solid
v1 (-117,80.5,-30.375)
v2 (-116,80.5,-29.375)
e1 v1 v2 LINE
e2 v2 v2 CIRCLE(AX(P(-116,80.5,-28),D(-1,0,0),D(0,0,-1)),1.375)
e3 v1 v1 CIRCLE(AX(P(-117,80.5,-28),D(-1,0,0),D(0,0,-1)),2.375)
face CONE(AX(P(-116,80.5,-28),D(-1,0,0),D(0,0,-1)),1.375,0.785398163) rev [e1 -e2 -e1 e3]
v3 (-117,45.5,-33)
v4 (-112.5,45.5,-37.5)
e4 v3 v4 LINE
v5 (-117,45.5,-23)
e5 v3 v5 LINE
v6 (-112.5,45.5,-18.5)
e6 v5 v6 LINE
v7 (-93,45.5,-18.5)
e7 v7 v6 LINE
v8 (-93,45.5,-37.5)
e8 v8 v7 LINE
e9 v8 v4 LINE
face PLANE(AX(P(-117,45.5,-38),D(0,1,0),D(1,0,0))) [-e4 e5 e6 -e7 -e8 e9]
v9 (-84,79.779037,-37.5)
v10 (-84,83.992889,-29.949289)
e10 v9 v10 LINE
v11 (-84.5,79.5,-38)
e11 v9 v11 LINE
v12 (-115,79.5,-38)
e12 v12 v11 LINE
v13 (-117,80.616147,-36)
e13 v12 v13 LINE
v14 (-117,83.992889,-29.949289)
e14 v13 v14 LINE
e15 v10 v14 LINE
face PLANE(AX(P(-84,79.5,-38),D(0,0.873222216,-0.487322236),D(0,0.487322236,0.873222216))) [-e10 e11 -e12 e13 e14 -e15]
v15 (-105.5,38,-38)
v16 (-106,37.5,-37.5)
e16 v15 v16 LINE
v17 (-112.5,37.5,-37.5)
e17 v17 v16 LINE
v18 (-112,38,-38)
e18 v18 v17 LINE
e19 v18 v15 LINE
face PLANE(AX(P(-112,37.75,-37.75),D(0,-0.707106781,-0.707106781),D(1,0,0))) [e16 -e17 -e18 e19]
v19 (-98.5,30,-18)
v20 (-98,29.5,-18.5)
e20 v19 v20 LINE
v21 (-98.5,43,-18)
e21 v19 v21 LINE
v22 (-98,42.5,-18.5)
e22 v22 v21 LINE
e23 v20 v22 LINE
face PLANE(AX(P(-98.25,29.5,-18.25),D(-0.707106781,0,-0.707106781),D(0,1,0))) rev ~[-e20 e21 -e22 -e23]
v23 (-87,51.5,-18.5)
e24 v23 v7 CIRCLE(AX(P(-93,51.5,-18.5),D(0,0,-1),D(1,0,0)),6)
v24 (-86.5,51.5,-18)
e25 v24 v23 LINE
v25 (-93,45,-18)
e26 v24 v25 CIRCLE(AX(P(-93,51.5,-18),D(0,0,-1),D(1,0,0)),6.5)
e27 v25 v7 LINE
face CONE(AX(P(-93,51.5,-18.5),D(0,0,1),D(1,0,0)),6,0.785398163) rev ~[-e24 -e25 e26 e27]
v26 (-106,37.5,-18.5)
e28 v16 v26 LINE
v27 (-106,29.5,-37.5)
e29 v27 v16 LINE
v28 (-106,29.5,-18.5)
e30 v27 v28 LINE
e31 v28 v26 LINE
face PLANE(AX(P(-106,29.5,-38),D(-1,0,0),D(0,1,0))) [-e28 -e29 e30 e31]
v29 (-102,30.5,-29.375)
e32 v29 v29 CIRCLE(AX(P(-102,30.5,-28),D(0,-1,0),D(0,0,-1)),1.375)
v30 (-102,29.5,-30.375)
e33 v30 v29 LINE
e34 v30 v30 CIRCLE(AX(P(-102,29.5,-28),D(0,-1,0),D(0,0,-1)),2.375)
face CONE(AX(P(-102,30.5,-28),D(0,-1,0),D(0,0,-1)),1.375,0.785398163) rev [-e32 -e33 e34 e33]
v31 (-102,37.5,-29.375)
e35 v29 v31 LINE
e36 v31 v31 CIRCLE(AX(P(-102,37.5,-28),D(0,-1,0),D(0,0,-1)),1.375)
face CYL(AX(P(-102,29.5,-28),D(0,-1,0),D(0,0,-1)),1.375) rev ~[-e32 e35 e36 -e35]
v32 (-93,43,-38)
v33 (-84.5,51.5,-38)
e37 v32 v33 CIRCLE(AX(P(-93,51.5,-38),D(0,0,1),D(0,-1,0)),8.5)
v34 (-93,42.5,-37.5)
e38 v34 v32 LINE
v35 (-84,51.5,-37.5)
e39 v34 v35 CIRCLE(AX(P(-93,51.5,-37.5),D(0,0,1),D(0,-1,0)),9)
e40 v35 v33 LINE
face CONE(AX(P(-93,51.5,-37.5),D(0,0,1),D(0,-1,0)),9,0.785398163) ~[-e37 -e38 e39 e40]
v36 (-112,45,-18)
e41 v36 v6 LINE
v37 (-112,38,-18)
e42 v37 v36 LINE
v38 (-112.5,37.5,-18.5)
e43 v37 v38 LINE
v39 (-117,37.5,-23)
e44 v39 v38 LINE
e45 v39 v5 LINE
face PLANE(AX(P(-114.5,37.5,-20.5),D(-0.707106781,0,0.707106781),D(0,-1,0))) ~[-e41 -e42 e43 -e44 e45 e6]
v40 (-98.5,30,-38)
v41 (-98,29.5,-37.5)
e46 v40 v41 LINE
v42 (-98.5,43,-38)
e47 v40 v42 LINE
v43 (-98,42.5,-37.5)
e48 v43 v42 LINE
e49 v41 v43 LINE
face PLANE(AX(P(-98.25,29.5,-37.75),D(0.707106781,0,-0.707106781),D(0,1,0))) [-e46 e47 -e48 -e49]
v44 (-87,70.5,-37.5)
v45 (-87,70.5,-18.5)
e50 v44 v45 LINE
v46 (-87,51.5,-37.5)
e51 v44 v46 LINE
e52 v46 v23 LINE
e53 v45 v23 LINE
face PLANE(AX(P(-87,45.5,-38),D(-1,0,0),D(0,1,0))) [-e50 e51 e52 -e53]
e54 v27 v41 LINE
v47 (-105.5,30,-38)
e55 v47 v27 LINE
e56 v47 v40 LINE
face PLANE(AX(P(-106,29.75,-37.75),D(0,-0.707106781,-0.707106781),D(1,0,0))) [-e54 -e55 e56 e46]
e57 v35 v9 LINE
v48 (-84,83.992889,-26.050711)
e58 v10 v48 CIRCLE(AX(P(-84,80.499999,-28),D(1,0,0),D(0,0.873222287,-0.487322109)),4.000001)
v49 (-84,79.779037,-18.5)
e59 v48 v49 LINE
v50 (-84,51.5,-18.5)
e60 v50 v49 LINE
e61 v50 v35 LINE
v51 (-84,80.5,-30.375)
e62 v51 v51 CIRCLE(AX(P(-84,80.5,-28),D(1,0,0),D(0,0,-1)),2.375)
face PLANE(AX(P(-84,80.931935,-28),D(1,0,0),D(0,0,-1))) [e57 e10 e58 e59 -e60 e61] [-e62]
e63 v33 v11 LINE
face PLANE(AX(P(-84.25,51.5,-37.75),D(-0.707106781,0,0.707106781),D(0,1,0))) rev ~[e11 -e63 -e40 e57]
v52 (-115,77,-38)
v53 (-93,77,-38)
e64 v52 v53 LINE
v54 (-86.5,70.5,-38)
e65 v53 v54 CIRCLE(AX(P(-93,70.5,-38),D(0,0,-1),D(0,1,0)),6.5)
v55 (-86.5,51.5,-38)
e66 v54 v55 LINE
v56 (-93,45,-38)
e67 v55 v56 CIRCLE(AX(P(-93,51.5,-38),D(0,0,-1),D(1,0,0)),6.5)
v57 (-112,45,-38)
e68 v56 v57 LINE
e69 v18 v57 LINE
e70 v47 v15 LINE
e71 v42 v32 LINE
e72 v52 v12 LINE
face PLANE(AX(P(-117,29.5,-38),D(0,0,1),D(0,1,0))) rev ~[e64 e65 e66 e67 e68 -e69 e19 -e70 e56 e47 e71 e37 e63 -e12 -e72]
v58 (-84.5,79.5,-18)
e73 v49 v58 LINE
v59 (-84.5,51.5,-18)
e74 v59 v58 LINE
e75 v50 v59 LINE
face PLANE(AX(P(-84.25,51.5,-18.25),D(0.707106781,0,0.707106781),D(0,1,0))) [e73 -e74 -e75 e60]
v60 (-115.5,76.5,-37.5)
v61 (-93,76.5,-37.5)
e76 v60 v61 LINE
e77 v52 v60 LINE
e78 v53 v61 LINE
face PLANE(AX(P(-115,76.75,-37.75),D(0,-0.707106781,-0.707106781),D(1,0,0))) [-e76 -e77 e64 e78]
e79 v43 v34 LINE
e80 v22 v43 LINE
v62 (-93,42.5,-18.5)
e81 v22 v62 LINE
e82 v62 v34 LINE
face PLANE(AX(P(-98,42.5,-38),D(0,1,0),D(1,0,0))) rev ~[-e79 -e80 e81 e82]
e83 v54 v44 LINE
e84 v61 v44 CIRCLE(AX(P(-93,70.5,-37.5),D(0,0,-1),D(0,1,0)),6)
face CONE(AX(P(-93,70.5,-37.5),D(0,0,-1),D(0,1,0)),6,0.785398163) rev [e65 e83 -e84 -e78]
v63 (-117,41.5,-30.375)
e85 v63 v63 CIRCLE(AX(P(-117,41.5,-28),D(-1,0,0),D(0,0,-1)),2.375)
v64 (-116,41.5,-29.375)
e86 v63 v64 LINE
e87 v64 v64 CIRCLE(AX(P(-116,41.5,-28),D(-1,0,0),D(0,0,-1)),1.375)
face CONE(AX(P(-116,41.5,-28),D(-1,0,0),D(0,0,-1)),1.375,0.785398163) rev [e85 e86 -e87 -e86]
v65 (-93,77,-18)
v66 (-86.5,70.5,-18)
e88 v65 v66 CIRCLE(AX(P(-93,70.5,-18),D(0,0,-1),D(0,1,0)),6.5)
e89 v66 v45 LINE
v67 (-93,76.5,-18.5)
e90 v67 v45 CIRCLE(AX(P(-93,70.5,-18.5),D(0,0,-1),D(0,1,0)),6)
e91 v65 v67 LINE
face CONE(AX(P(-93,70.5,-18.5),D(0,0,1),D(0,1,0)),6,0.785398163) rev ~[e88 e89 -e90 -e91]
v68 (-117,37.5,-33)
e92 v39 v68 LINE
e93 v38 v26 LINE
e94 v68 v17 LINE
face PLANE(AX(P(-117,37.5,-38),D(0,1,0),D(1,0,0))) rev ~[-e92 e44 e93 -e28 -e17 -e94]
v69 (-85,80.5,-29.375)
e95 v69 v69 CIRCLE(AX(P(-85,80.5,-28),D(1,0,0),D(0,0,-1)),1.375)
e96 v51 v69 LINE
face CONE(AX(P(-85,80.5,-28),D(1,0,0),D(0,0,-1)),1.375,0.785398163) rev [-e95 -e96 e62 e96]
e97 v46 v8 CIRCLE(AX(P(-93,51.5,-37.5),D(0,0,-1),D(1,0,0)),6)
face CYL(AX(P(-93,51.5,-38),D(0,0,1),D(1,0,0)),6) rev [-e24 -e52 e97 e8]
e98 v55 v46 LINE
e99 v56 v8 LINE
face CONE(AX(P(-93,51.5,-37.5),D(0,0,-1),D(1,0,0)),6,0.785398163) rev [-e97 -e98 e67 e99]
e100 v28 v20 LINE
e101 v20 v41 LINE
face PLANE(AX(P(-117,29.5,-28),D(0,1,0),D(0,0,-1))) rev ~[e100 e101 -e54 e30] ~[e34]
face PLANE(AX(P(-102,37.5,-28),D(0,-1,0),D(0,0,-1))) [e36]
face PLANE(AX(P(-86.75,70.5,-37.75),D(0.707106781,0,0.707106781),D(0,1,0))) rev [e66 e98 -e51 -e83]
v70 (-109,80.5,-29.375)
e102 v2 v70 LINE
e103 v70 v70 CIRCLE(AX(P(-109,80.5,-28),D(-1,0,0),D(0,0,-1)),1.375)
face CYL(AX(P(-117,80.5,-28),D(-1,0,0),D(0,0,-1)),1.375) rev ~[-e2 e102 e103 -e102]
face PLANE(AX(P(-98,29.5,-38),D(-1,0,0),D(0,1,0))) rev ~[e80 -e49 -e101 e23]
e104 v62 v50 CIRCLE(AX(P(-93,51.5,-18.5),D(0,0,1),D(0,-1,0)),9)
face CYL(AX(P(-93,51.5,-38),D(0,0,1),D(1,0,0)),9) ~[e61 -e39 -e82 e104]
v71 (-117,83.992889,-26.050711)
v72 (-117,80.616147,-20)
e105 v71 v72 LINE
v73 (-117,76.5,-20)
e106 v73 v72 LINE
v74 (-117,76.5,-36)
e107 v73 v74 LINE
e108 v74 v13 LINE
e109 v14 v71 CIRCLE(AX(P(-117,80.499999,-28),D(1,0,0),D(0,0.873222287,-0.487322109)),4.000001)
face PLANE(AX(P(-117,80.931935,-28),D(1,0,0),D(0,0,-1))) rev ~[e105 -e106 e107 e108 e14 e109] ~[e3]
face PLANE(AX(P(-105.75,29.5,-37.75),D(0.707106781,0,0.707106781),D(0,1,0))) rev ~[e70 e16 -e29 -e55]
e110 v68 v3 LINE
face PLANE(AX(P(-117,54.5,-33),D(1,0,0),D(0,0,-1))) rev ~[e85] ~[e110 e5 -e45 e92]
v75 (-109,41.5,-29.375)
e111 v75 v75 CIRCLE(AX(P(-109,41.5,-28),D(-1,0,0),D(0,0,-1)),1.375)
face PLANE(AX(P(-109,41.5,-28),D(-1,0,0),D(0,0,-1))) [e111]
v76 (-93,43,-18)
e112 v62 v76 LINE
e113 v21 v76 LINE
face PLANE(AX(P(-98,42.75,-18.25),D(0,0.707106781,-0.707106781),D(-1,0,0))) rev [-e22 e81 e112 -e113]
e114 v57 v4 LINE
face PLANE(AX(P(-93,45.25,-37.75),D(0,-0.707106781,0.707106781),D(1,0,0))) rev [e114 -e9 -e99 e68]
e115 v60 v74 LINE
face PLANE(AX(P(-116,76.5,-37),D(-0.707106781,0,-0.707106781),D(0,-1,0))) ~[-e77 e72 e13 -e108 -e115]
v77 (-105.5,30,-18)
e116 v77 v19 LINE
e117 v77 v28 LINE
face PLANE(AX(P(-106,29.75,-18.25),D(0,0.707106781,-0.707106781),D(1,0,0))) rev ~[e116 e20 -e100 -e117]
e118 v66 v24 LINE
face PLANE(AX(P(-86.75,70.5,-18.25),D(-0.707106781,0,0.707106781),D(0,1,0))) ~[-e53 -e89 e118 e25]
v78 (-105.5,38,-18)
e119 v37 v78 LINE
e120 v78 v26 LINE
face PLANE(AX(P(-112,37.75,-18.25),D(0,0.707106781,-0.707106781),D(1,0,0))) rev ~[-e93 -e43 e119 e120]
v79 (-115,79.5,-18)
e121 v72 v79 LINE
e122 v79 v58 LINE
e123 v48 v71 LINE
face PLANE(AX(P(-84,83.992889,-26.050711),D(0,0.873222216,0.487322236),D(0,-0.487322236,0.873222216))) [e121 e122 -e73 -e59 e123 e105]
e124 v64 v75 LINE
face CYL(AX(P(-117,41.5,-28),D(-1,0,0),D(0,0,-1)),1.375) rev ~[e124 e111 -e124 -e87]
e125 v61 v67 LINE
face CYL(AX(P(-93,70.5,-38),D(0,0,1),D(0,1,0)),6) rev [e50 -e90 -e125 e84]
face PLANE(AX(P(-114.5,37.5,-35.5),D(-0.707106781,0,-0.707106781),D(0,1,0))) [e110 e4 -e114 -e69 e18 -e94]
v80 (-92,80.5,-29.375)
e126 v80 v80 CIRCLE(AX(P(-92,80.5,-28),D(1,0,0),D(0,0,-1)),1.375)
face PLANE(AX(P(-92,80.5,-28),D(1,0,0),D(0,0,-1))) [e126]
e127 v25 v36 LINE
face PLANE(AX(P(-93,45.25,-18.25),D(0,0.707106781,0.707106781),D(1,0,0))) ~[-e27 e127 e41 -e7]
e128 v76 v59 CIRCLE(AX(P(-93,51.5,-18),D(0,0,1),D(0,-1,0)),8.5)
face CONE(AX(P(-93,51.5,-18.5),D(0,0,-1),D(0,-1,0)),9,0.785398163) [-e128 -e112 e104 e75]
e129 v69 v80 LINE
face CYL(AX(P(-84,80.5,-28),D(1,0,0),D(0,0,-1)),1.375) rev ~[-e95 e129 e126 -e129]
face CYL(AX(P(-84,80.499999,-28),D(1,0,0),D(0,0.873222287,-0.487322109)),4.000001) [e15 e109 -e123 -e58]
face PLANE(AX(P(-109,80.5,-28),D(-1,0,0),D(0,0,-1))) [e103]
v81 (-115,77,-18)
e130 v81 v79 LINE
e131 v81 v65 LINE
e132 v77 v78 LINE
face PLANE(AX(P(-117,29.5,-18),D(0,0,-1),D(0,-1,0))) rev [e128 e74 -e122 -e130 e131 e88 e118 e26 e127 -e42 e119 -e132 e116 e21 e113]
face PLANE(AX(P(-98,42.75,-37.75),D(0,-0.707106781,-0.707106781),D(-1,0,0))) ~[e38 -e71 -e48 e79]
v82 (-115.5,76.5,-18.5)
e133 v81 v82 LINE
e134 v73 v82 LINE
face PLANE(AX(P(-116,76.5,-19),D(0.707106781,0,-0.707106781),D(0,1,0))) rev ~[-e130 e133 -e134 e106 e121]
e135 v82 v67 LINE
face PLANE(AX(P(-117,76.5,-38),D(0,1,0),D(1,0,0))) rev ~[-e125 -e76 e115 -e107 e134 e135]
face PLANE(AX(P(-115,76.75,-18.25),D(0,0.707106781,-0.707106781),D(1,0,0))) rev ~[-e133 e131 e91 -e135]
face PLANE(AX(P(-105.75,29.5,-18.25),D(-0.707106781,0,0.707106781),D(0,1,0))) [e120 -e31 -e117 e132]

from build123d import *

# Parameters (mm, degrees)
BOX_W                = 10
BOX_H                = 50
BOX_DEPTH            = 33
SKETCH005_W          = 31
SKETCH005_H          = 30
SKETCH005_W_2        = 13
SKETCH005_H_2        = 14
SKETCH005_W_3        = 8
SKETCH005_H_3        = 11
POCKET003_DEPTH      = 10
CHAMFER009_SIZE      = 5
FILLET004_1_R        = 9
FILLET004_2_R        = 6
SKETCH010_R          = 1.375
POCKET006_DEPTH      = 8
SKETCH011_R          = 1.375
POCKET007_DEPTH      = 8
CHAMFER011_SIZE      = 1
PAD004_DEPTH         = 33
SKETCH016_R          = 1.375
POCKET011_DEPTH      = 8
SKETCH025_R          = 1.375
POCKET017_DEPTH      = 8
CHAMFER012_1_SIZE    = 2
CHAMFER012_2_SIZE    = 1
CHAMFER015_SIZE      = 0.5
CLONE003_PITCH_ANGLE = 90


with BuildPart() as batterybracketbatteryfillet004:
    # Box → Box (new body)
    with BuildSketch(Plane(origin=(0, 4.5, -15), x_dir=(1, 0, 0), z_dir=(0, 0, 1))):
        with Locations((5, 25)):
            Rectangle(BOX_W, BOX_H)
    extrude(amount=BOX_DEPTH)

    # Sketch005 → Pocket003 (cut)
    with BuildSketch(Plane(origin=(10, 4.5, -15), x_dir=(0, 1, 0), z_dir=(1, 0, 0))):
        with Locations((31.5, 15)):
            Rectangle(SKETCH005_W, SKETCH005_H)
        with Locations((6.5, 26)):
            Rectangle(SKETCH005_W_2, SKETCH005_H_2)
        with Locations((4, 5.5)):
            Rectangle(SKETCH005_W_3, SKETCH005_H_3)
    extrude(amount=-POCKET003_DEPTH, mode=Mode.SUBTRACT)

    # Chamfer009
    chamfer009_edges = [batterybracketbatteryfillet004.edges().sort_by_distance(p)[0] for p in [
        (10, 16.5, -15),
    ]]
    chamfer(chamfer009_edges, length=CHAMFER009_SIZE)

    # Fillet004 1
    fillet004_1_edges = [batterybracketbatteryfillet004.edges().sort_by_distance(p)[0] for p in [
        (5, 17.5, 18),
    ]]
    fillet(fillet004_1_edges, radius=FILLET004_1_R)

    # Fillet004 2
    fillet004_2_edges = [batterybracketbatteryfillet004.edges().sort_by_distance(p)[0] for p in [
        (5, 20.5, 15),
        (5, 51.5, 15),
    ]]
    fillet(fillet004_2_edges, radius=FILLET004_2_R)


with BuildPart() as clone003:
    # Part__Mirroring003: instance of BatteryBracketBatteryFillet004
    add(batterybracketbatteryfillet004.part.mirror(Plane(origin=(0, 0, 0), x_dir=(0, -1, 0), z_dir=(1, 0, 0))))

    # Fusion: union BatteryBracketBatteryFillet004
    add(batterybracketbatteryfillet004.part)

    # Sketch010 → Pocket006 (cut)
    with BuildSketch(Plane.XZ.offset(-4.5)):
        Circle(SKETCH010_R)
    extrude(amount=-POCKET006_DEPTH, mode=Mode.SUBTRACT)

    # Sketch011 → Pocket007 (cut)
    with BuildSketch(Plane(origin=(0, 0, -15), x_dir=(1, 0, 0), z_dir=(0, 0, -1))):
        with Locations((0, -16.5)):
            Circle(SKETCH011_R)
    extrude(amount=-POCKET007_DEPTH, mode=Mode.SUBTRACT)

    # Chamfer011
    chamfer011_edges = [clone003.edges().sort_by_distance(p)[0] for p in [
        (-1.375, 4.5, 0),
        (-1.375, 16.5, -15),
    ]]
    chamfer(chamfer011_edges, length=CHAMFER011_SIZE)

    # Sketch015 → Pad004 (new body)
    with BuildSketch(Plane.XY.offset(18)):
        with BuildLine():
            Line((10, 54.5), (1.949289, 58.992889))
            ThreePointArc((1.949289, 58.992889), (0, 59.5), (-1.949289, 58.992889))
            Line((-1.949289, 58.992889), (-10, 54.5))
            Line((-10, 54.5), (10, 54.5))
        make_face()
    extrude(amount=-PAD004_DEPTH)

    # Sketch016 → Pocket011 (cut)
    with BuildSketch(Plane.XY.offset(18)):
        with Locations((0, 55.5)):
            Circle(SKETCH016_R)
    extrude(amount=-POCKET011_DEPTH, mode=Mode.SUBTRACT)

    # Sketch025 → Pocket017 (cut)
    with BuildSketch(Plane(origin=(0, 0, -15), x_dir=(1, 0, 0), z_dir=(0, 0, -1))):
        with Locations((0, -55.5)):
            Circle(SKETCH025_R)
    extrude(amount=-POCKET017_DEPTH, mode=Mode.SUBTRACT)

    # Chamfer012 1
    chamfer012_1_edges = [clone003.edges().sort_by_distance(p)[0] for p in [
        (-10, 53, -15),
        (10, 53, -15),
    ]]
    chamfer(chamfer012_1_edges, length=CHAMFER012_1_SIZE)

    # Chamfer012 2
    chamfer012_2_edges = [clone003.edges().sort_by_distance(p)[0] for p in [
        (-1.375, 55.5, -15),
        (-1.375, 55.5, 18),
    ]]
    chamfer(chamfer012_2_edges, length=CHAMFER012_2_SIZE)

    # Chamfer015
    chamfer015_edges = [clone003.edges().sort_by_distance(p)[0] for p in [
        (-10, 51.5, -2),
        (-10, 49.742641, 13.242641),
        (-10, 36, 15),
        (-10, 40.5, 18),
        (-10, 22.257359, 13.242641),
        (-10, 20.136039, 15.363961),
        (-10, 20.5, -0.5),
        (-10, 17.5, 6.5),
        (-10, 11, 4),
        (-10, 12.5, -7),
        (-10, 4.5, 0),
        (-10, 8.5, -4),
        (10, 51.5, -2),
        (10, 36, 15),
        (10, 40.5, 18),
        (10, 20.5, -0.5),
        (10, 17.5, 6.5),
        (10, 11, 4),
        (10, 12.5, -7),
        (10, 4.5, 0),
        (10, 8.5, -4),
        (10, 49.742641, 13.242641),
        (10, 22.257359, 13.242641),
        (10, 20.136039, 15.363961),
    ]]
    chamfer(chamfer015_edges, length=CHAMFER015_SIZE)


with BuildPart() as clone003_1:
    # Clone003 pitch: moved
    add(clone003.part.rotate(Axis((0, 0, 0), (0, 1, 0)), CLONE003_PITCH_ANGLE))


with BuildPart() as clone003_2:
    # Clone003 placement: moved
    add(clone003_1.part.moved(Location((-102, 25, -28))))


solid = clone003_2.part
